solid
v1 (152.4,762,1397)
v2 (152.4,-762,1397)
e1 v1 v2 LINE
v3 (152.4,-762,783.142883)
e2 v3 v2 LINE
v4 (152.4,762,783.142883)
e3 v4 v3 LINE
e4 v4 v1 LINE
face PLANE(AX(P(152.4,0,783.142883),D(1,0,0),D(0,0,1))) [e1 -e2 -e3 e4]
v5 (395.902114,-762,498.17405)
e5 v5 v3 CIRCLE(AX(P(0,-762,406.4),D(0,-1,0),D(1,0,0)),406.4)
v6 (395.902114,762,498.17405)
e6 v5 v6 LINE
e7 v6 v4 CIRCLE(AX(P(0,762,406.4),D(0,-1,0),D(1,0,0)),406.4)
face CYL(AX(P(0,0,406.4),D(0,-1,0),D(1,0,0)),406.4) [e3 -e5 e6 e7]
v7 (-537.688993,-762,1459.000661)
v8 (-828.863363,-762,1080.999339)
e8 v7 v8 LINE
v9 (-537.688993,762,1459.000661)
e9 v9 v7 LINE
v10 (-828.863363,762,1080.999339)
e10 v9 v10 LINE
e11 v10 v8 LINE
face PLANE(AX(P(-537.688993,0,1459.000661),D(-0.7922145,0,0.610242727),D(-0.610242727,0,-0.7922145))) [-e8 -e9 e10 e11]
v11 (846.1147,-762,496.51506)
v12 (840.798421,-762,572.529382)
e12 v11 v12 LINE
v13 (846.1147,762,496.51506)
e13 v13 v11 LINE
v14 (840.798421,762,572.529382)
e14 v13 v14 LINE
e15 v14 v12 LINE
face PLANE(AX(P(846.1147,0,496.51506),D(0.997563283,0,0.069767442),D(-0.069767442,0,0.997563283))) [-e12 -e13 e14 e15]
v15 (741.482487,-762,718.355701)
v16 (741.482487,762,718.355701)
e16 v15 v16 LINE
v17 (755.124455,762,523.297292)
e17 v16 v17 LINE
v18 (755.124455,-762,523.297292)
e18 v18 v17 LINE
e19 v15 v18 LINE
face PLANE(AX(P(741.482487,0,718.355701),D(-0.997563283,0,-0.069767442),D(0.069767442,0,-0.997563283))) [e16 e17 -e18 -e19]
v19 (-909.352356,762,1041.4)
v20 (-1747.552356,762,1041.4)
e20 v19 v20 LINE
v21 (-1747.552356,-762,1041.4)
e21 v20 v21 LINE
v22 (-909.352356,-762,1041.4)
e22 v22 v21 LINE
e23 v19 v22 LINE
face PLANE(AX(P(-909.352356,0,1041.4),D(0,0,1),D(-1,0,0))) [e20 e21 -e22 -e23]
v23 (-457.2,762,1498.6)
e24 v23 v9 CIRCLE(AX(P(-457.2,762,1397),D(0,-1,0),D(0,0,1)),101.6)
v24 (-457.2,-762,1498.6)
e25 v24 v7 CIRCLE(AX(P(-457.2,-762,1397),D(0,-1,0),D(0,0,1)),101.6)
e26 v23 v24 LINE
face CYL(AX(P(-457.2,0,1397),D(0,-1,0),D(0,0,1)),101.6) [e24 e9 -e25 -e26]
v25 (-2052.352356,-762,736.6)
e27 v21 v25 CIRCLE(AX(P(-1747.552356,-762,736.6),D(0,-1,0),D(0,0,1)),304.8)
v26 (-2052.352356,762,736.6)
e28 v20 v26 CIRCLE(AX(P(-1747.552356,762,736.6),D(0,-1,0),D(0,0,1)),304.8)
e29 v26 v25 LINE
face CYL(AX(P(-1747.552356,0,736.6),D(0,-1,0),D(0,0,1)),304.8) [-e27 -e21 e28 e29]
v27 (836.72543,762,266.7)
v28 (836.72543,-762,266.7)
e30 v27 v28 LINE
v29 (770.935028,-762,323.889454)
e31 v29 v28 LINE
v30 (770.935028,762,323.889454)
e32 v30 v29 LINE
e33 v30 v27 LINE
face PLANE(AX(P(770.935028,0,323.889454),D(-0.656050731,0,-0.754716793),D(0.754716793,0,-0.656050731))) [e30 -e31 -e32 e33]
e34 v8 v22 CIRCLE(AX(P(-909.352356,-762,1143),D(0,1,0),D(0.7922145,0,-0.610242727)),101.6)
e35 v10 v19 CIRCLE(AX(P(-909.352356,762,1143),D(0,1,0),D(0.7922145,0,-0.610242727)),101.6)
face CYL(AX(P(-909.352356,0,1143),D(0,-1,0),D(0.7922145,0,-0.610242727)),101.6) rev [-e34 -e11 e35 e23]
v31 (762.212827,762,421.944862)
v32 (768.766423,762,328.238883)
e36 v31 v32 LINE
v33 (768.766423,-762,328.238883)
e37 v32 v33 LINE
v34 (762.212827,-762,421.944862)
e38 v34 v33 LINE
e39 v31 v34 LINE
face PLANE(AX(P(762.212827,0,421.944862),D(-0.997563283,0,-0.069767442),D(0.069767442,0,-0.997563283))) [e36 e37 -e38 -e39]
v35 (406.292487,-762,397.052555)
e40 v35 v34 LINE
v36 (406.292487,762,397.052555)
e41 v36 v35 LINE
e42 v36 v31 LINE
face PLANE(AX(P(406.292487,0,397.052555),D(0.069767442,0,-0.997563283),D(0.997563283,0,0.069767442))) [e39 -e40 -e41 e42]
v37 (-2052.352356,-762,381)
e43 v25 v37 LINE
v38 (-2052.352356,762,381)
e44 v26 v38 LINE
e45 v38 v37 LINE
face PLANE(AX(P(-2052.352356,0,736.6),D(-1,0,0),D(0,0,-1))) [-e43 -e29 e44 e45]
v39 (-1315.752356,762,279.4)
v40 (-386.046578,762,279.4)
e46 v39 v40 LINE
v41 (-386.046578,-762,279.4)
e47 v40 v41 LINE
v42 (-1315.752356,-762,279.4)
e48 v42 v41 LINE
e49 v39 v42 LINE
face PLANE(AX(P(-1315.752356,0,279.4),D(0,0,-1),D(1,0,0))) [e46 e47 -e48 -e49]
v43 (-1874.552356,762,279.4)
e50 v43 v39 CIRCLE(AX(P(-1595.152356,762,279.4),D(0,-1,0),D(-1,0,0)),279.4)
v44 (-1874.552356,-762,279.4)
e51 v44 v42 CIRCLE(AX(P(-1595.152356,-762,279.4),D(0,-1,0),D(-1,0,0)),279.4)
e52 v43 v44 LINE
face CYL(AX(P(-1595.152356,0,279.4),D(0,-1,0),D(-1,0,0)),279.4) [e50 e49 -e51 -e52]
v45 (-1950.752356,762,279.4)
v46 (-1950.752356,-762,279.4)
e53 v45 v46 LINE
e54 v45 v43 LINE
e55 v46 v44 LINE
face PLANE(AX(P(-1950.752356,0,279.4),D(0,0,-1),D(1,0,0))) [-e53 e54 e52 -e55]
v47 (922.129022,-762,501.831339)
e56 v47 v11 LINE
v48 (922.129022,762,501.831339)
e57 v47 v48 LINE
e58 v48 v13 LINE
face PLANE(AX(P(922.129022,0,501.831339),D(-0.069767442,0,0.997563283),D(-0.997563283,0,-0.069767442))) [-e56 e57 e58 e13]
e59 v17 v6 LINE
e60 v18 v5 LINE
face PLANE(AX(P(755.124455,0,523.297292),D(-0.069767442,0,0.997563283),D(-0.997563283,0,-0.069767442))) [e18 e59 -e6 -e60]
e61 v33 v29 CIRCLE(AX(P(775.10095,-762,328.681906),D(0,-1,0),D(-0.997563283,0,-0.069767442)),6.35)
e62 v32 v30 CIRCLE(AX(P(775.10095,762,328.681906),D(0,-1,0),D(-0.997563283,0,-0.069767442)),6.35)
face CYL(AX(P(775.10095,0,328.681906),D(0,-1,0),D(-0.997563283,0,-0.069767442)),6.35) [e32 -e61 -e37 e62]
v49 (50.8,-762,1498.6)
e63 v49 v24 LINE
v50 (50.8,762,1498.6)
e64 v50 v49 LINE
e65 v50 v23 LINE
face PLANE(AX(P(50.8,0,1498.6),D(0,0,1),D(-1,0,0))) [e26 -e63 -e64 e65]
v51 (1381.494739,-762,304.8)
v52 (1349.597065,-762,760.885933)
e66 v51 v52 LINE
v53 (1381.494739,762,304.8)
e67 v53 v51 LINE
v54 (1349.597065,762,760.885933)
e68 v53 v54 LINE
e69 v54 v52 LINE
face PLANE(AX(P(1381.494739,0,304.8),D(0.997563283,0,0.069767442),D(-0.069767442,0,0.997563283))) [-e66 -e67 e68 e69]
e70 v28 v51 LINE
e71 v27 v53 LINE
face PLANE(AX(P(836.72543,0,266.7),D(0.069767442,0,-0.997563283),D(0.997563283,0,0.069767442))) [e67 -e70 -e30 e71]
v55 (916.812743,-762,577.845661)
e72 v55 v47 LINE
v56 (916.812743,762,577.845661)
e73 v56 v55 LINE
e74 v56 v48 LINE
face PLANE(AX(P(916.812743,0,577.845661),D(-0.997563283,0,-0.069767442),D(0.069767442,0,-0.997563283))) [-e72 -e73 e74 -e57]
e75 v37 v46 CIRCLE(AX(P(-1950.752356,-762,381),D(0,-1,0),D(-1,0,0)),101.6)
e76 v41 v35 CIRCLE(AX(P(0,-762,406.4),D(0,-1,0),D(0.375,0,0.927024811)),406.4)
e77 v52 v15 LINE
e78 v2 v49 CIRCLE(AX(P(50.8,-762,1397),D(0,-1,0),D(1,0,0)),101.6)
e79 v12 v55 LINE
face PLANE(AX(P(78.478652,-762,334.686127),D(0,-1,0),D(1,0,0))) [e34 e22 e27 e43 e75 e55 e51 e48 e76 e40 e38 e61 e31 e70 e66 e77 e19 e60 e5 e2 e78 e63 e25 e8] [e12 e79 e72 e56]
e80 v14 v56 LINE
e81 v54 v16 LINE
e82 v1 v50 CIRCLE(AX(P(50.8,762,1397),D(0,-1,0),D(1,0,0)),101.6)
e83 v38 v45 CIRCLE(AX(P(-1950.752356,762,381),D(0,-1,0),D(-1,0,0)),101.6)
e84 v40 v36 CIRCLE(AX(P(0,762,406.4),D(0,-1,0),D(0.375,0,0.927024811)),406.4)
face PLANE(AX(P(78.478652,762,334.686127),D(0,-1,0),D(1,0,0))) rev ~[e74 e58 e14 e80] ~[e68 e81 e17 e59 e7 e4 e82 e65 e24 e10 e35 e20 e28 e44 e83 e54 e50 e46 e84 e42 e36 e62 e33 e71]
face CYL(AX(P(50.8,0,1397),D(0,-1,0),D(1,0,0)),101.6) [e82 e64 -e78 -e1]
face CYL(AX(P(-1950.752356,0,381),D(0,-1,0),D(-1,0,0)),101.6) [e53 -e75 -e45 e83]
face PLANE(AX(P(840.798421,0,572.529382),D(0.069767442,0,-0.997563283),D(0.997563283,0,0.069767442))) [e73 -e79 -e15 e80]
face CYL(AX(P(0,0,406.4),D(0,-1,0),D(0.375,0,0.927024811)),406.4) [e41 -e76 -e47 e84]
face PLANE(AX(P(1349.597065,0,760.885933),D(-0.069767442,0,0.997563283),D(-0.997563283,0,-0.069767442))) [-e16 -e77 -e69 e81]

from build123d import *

# Parameters (mm, degrees)
F1_DEPTH = 762


with BuildPart() as f1:
    # F0 (on Front) → F1 (new body, symmetric)
    with BuildSketch(Plane.XZ):
        with BuildLine():
            ThreePointArc((406.2924873439, 397.0525550083), (406.3731209471, 401.7259683665), (406.4, 406.4))
            ThreePointArc((406.4, 406.4), (403.766999083, 452.5862582542), (395.9021139197, 498.1740496759))
            ThreePointArc((395.9021139197, 498.1740496759), (308.9670064008, 670.40823653), (152.4, 783.1428831445))
            Line((152.4, 783.1428831445), (152.4, 381))
            ThreePointArc((152.4, 381), (122.6420489686, 309.1579510314), (50.8, 279.4))
            Line((50.8, 279.4), (-386.0465775007, 279.4))
            ThreePointArc((-386.0465775007, 279.4), (59.69091339, 4.4075189028), (406.2924873439, 397.0525550083))
        make_face()
        with BuildLine():
            ThreePointArc((395.9021139197, 498.1740496759), (403.766999083, 452.5862582542), (406.4, 406.4))
            ThreePointArc((406.4, 406.4), (406.3731209471, 401.7259683665), (406.2924873439, 397.0525550083))
            Line((406.2924873439, 397.0525550083), (762.2128270991, 421.9448621212))
            Line((762.2128270991, 421.9448621212), (755.1244550061, 523.2972916977))
            Line((755.1244550061, 523.2972916977), (395.9021139197, 498.1740496759))
        make_face()
        with BuildLine():
            Line((152.4, 381), (152.4, 783.1428831445))
            ThreePointArc((152.4, 783.1428831445), (-277.6452842641, 703.1727348088), (-386.0465775007, 279.4))
            Line((-386.0465775007, 279.4), (50.8, 279.4))
            ThreePointArc((50.8, 279.4), (122.6420489686, 309.1579510314), (152.4, 381))
        make_face()
        with BuildLine():
            ThreePointArc((-386.0465775007, 279.4), (-277.6452842641, 703.1727348088), (152.4, 783.1428831445))
            Line((152.4, 783.1428831445), (152.4, 1397))
            ThreePointArc((152.4, 1397), (122.6420489686, 1468.8420489686), (50.8, 1498.6))
            Line((50.8, 1498.6), (-457.2, 1498.6))
            ThreePointArc((-457.2, 1498.6), (-502.0513814218, 1488.1642121918), (-537.6889931699, 1459.0006611134))
            Line((-537.6889931699, 1459.0006611134), (-828.8633631898, 1080.9993388866))
            ThreePointArc((-828.8633631898, 1080.9993388866), (-864.500974938, 1051.8357878082), (-909.3523563597, 1041.4))
            Line((-909.3523563597, 1041.4), (-1747.5523563597, 1041.4))
            ThreePointArc((-1747.5523563597, 1041.4), (-1963.0785032654, 952.1261469057), (-2052.3523563597, 736.6))
            Line((-2052.3523563597, 736.6), (-2052.3523563597, 381))
            ThreePointArc((-2052.3523563597, 381), (-2022.5944053283, 309.1579510314), (-1950.7523563597, 279.4))
            Line((-1950.7523563597, 279.4), (-1874.5523563597, 279.4))
            ThreePointArc((-1874.5523563597, 279.4), (-1595.1523563597, 558.8), (-1315.7523563597, 279.4))
            Line((-1315.7523563597, 279.4), (-386.0465775007, 279.4))
        make_face()
        with BuildLine():
            Line((741.4824871963, 718.3557005364), (755.1244550061, 523.2972916977))
            Line((755.1244550061, 523.2972916977), (762.2128270991, 421.9448621212))
            Line((762.2128270991, 421.9448621212), (768.7664228158, 328.2388828591))
            ThreePointArc((768.7664228158, 328.2388828591), (769.418147621, 325.8484875196), (770.9350275225, 323.8894544763))
            Line((770.9350275225, 323.8894544763), (836.7254301003, 266.7))
            Line((836.7254301003, 266.7), (1381.4947390743, 304.8))
            Line((1381.4947390743, 304.8), (1349.5970646557, 760.8859330945))
            Line((1349.5970646557, 760.8859330945), (741.4824871963, 718.3557005364))
        make_face()
        Polygon((846.1147002851, 496.5150595705), (840.7984212154, 572.5293817529), (916.8127433978, 577.8456608227), (922.1290224676, 501.8313386403), align=None, mode=Mode.SUBTRACT)
        with BuildLine():
            Line((-1874.5523563597, 279.4), (-1315.7523563597, 279.4))
            ThreePointArc((-1315.7523563597, 279.4), (-1595.1523563597, 558.8), (-1874.5523563597, 279.4))
        make_face()
        with BuildLine():
            ThreePointArc((-1874.5523563597, 279.4), (-1595.1523563597, 0), (-1315.7523563597, 279.4))
            Line((-1315.7523563597, 279.4), (-1874.5523563597, 279.4))
        make_face()
    extrude(amount=F1_DEPTH, both=True)


solid = f1.part
